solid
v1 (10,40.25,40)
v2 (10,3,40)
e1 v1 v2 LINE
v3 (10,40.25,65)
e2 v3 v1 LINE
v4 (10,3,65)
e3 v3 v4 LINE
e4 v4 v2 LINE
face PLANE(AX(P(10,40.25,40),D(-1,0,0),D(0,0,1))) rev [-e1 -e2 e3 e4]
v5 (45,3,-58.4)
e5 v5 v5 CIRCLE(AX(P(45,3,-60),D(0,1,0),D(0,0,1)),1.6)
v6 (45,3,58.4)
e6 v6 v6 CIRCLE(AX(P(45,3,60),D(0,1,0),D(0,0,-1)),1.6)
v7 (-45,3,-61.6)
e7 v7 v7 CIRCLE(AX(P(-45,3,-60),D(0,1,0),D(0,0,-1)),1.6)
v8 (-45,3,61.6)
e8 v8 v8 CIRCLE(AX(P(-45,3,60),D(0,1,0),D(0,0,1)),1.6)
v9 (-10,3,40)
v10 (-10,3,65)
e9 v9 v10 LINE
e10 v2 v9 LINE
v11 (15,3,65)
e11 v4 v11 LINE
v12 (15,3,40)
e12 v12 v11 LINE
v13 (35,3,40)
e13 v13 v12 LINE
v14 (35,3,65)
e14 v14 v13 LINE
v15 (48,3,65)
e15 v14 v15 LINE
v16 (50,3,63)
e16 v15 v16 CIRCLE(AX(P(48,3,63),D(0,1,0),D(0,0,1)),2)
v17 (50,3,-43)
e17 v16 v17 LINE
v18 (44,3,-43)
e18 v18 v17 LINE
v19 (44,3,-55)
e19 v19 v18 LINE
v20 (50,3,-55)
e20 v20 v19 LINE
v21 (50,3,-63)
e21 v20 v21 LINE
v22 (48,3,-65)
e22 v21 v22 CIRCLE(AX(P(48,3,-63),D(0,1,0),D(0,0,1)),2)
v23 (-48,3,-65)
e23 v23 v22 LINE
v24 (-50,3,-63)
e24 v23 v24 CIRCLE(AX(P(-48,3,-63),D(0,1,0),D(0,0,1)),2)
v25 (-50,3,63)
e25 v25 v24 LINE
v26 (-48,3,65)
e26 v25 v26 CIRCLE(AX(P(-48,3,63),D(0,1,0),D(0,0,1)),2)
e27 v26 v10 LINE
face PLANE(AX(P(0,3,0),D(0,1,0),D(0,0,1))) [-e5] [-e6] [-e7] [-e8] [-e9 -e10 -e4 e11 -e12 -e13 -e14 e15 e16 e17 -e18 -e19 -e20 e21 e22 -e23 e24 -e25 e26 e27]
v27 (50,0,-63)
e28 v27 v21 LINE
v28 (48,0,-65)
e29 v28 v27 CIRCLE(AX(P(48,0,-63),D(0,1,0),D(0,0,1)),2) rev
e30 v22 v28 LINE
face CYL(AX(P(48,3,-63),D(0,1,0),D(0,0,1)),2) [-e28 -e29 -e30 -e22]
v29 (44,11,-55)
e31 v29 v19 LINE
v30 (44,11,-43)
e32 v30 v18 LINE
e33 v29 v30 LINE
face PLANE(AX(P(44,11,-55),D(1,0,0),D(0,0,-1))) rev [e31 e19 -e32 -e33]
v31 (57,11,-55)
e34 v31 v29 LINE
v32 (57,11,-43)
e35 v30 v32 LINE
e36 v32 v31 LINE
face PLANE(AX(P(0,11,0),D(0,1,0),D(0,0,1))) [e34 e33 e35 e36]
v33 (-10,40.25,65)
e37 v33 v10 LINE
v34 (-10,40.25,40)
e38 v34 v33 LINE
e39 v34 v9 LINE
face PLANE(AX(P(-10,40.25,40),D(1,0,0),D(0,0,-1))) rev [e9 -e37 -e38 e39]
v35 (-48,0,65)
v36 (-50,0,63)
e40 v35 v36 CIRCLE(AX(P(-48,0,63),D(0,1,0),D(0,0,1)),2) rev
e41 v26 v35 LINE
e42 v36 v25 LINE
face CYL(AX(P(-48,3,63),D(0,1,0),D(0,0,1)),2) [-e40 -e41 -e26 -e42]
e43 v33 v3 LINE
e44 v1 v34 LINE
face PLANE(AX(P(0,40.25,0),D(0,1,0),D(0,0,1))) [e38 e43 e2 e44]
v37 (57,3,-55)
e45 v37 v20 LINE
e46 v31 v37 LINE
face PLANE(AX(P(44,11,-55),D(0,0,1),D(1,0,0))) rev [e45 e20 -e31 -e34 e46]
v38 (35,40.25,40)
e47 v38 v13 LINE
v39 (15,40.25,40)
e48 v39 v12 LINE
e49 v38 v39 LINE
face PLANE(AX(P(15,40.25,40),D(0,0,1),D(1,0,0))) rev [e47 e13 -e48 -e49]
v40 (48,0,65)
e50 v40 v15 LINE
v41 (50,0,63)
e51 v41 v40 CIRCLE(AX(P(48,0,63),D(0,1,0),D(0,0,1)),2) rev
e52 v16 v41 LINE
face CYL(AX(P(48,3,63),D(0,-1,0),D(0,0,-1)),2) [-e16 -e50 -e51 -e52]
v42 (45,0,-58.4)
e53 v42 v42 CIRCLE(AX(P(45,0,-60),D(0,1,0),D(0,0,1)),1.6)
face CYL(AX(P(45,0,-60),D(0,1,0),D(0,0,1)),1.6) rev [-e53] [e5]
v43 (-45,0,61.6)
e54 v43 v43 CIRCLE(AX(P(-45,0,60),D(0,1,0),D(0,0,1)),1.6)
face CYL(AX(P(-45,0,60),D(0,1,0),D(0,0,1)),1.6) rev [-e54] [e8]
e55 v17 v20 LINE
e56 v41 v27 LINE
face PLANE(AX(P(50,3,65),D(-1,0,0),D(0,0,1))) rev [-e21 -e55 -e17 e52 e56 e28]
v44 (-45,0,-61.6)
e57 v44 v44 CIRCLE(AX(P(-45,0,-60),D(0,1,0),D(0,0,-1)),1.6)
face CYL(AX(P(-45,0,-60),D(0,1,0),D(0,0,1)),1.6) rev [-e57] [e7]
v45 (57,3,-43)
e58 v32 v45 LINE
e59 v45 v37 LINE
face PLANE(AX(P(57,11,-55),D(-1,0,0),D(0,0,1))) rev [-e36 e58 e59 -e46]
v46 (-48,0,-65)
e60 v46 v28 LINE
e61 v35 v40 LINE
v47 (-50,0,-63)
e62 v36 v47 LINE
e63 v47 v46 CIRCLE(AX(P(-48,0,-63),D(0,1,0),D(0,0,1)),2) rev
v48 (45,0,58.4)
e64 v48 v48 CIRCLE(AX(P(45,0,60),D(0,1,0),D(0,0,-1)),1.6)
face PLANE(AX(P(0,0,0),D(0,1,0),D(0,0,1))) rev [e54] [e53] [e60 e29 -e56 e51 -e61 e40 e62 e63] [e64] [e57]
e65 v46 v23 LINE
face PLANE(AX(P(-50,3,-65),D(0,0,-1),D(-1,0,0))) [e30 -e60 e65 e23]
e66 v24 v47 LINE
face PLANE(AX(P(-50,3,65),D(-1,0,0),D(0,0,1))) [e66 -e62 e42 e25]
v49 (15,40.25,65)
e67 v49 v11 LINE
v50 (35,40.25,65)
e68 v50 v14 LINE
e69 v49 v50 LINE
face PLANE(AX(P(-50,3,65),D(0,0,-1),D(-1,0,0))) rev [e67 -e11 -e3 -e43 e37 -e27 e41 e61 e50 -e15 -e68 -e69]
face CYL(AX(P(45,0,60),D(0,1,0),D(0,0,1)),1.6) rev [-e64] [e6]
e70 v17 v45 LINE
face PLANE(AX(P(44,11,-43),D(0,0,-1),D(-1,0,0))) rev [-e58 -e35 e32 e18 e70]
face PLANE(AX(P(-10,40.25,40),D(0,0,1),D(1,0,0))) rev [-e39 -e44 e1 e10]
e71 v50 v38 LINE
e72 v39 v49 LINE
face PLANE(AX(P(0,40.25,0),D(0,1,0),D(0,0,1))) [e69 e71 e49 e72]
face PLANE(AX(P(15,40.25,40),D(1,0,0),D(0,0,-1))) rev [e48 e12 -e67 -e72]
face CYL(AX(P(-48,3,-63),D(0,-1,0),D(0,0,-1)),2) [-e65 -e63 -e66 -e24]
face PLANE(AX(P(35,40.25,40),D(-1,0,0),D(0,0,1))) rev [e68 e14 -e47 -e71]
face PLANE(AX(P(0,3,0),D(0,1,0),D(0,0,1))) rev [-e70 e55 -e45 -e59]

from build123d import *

# Parameters (mm, degrees)
SKETCH_1_W          = 100
SKETCH_1_H          = 130
EXTRUDE_1_DEPTH     = 3
SKETCH_2_W          = 20
SKETCH_2_H          = 25
EXTRUDE_2_DEPTH     = 37.25
FILLET_1_R          = 2
SKETCH_3_W          = 13
SKETCH_3_H          = 12
EXTRUDE_3_DEPTH     = 8
SKETCH_4_R          = 1.6
CUT_EXTRUDE_1_DEPTH = 95.135872546


with BuildPart() as part:
    # 草图1 → 凸台-拉伸1 (new body)
    with BuildSketch(Plane(origin=(0, 0, 0), x_dir=(1, 0, 0), z_dir=(0, 1, 0))):
        Rectangle(SKETCH_1_W, SKETCH_1_H)
    extrude(amount=EXTRUDE_1_DEPTH)

    # 草图2 → 凸台-拉伸2 (add)
    with BuildSketch(Plane(origin=(0, 3, 0), x_dir=(1, 0, 0), z_dir=(0, 1, 0))):
        with Locations((0, -52.5)):
            Rectangle(SKETCH_2_W, SKETCH_2_H)
        with Locations((25, -52.5)):
            Rectangle(SKETCH_2_W, SKETCH_2_H)
    extrude(amount=EXTRUDE_2_DEPTH)

    # 圆角1
    fillet_1_edges = [part.edges().sort_by_distance(p)[0] for p in [
        (-50, 1.5, 65),
        (-50, 1.5, -65),
        (50, 1.5, -65),
        (50, 1.5, 65),
    ]]
    fillet(fillet_1_edges, radius=FILLET_1_R)

    # 草图3 → 凸台-拉伸3 (add)
    with BuildSketch(Plane(origin=(0, 3, 0), x_dir=(1, 0, 0), z_dir=(0, 1, 0))):
        with Locations((50.5, 49)):
            Rectangle(SKETCH_3_W, SKETCH_3_H)
    extrude(amount=EXTRUDE_3_DEPTH)

    # 草图4 → 切除-拉伸1 (cut, through all)
    with BuildSketch(Plane(origin=(0, 3, 0), x_dir=(1, 0, 0), z_dir=(0, 1, 0))):
        with Locations(Location((-45, -60, 0), (0, 0, 270))):
            Circle(SKETCH_4_R)
        with Locations(Location((-45, 60, 0), (0, 0, 90))):
            Circle(SKETCH_4_R)
        with Locations(Location((45, 60, 0), (0, 0, 270))):
            Circle(SKETCH_4_R)
        with Locations(Location((45, -60, 0), (0, 0, 90))):
            Circle(SKETCH_4_R)
    extrude(amount=-CUT_EXTRUDE_1_DEPTH, mode=Mode.SUBTRACT)


solid = part.part
